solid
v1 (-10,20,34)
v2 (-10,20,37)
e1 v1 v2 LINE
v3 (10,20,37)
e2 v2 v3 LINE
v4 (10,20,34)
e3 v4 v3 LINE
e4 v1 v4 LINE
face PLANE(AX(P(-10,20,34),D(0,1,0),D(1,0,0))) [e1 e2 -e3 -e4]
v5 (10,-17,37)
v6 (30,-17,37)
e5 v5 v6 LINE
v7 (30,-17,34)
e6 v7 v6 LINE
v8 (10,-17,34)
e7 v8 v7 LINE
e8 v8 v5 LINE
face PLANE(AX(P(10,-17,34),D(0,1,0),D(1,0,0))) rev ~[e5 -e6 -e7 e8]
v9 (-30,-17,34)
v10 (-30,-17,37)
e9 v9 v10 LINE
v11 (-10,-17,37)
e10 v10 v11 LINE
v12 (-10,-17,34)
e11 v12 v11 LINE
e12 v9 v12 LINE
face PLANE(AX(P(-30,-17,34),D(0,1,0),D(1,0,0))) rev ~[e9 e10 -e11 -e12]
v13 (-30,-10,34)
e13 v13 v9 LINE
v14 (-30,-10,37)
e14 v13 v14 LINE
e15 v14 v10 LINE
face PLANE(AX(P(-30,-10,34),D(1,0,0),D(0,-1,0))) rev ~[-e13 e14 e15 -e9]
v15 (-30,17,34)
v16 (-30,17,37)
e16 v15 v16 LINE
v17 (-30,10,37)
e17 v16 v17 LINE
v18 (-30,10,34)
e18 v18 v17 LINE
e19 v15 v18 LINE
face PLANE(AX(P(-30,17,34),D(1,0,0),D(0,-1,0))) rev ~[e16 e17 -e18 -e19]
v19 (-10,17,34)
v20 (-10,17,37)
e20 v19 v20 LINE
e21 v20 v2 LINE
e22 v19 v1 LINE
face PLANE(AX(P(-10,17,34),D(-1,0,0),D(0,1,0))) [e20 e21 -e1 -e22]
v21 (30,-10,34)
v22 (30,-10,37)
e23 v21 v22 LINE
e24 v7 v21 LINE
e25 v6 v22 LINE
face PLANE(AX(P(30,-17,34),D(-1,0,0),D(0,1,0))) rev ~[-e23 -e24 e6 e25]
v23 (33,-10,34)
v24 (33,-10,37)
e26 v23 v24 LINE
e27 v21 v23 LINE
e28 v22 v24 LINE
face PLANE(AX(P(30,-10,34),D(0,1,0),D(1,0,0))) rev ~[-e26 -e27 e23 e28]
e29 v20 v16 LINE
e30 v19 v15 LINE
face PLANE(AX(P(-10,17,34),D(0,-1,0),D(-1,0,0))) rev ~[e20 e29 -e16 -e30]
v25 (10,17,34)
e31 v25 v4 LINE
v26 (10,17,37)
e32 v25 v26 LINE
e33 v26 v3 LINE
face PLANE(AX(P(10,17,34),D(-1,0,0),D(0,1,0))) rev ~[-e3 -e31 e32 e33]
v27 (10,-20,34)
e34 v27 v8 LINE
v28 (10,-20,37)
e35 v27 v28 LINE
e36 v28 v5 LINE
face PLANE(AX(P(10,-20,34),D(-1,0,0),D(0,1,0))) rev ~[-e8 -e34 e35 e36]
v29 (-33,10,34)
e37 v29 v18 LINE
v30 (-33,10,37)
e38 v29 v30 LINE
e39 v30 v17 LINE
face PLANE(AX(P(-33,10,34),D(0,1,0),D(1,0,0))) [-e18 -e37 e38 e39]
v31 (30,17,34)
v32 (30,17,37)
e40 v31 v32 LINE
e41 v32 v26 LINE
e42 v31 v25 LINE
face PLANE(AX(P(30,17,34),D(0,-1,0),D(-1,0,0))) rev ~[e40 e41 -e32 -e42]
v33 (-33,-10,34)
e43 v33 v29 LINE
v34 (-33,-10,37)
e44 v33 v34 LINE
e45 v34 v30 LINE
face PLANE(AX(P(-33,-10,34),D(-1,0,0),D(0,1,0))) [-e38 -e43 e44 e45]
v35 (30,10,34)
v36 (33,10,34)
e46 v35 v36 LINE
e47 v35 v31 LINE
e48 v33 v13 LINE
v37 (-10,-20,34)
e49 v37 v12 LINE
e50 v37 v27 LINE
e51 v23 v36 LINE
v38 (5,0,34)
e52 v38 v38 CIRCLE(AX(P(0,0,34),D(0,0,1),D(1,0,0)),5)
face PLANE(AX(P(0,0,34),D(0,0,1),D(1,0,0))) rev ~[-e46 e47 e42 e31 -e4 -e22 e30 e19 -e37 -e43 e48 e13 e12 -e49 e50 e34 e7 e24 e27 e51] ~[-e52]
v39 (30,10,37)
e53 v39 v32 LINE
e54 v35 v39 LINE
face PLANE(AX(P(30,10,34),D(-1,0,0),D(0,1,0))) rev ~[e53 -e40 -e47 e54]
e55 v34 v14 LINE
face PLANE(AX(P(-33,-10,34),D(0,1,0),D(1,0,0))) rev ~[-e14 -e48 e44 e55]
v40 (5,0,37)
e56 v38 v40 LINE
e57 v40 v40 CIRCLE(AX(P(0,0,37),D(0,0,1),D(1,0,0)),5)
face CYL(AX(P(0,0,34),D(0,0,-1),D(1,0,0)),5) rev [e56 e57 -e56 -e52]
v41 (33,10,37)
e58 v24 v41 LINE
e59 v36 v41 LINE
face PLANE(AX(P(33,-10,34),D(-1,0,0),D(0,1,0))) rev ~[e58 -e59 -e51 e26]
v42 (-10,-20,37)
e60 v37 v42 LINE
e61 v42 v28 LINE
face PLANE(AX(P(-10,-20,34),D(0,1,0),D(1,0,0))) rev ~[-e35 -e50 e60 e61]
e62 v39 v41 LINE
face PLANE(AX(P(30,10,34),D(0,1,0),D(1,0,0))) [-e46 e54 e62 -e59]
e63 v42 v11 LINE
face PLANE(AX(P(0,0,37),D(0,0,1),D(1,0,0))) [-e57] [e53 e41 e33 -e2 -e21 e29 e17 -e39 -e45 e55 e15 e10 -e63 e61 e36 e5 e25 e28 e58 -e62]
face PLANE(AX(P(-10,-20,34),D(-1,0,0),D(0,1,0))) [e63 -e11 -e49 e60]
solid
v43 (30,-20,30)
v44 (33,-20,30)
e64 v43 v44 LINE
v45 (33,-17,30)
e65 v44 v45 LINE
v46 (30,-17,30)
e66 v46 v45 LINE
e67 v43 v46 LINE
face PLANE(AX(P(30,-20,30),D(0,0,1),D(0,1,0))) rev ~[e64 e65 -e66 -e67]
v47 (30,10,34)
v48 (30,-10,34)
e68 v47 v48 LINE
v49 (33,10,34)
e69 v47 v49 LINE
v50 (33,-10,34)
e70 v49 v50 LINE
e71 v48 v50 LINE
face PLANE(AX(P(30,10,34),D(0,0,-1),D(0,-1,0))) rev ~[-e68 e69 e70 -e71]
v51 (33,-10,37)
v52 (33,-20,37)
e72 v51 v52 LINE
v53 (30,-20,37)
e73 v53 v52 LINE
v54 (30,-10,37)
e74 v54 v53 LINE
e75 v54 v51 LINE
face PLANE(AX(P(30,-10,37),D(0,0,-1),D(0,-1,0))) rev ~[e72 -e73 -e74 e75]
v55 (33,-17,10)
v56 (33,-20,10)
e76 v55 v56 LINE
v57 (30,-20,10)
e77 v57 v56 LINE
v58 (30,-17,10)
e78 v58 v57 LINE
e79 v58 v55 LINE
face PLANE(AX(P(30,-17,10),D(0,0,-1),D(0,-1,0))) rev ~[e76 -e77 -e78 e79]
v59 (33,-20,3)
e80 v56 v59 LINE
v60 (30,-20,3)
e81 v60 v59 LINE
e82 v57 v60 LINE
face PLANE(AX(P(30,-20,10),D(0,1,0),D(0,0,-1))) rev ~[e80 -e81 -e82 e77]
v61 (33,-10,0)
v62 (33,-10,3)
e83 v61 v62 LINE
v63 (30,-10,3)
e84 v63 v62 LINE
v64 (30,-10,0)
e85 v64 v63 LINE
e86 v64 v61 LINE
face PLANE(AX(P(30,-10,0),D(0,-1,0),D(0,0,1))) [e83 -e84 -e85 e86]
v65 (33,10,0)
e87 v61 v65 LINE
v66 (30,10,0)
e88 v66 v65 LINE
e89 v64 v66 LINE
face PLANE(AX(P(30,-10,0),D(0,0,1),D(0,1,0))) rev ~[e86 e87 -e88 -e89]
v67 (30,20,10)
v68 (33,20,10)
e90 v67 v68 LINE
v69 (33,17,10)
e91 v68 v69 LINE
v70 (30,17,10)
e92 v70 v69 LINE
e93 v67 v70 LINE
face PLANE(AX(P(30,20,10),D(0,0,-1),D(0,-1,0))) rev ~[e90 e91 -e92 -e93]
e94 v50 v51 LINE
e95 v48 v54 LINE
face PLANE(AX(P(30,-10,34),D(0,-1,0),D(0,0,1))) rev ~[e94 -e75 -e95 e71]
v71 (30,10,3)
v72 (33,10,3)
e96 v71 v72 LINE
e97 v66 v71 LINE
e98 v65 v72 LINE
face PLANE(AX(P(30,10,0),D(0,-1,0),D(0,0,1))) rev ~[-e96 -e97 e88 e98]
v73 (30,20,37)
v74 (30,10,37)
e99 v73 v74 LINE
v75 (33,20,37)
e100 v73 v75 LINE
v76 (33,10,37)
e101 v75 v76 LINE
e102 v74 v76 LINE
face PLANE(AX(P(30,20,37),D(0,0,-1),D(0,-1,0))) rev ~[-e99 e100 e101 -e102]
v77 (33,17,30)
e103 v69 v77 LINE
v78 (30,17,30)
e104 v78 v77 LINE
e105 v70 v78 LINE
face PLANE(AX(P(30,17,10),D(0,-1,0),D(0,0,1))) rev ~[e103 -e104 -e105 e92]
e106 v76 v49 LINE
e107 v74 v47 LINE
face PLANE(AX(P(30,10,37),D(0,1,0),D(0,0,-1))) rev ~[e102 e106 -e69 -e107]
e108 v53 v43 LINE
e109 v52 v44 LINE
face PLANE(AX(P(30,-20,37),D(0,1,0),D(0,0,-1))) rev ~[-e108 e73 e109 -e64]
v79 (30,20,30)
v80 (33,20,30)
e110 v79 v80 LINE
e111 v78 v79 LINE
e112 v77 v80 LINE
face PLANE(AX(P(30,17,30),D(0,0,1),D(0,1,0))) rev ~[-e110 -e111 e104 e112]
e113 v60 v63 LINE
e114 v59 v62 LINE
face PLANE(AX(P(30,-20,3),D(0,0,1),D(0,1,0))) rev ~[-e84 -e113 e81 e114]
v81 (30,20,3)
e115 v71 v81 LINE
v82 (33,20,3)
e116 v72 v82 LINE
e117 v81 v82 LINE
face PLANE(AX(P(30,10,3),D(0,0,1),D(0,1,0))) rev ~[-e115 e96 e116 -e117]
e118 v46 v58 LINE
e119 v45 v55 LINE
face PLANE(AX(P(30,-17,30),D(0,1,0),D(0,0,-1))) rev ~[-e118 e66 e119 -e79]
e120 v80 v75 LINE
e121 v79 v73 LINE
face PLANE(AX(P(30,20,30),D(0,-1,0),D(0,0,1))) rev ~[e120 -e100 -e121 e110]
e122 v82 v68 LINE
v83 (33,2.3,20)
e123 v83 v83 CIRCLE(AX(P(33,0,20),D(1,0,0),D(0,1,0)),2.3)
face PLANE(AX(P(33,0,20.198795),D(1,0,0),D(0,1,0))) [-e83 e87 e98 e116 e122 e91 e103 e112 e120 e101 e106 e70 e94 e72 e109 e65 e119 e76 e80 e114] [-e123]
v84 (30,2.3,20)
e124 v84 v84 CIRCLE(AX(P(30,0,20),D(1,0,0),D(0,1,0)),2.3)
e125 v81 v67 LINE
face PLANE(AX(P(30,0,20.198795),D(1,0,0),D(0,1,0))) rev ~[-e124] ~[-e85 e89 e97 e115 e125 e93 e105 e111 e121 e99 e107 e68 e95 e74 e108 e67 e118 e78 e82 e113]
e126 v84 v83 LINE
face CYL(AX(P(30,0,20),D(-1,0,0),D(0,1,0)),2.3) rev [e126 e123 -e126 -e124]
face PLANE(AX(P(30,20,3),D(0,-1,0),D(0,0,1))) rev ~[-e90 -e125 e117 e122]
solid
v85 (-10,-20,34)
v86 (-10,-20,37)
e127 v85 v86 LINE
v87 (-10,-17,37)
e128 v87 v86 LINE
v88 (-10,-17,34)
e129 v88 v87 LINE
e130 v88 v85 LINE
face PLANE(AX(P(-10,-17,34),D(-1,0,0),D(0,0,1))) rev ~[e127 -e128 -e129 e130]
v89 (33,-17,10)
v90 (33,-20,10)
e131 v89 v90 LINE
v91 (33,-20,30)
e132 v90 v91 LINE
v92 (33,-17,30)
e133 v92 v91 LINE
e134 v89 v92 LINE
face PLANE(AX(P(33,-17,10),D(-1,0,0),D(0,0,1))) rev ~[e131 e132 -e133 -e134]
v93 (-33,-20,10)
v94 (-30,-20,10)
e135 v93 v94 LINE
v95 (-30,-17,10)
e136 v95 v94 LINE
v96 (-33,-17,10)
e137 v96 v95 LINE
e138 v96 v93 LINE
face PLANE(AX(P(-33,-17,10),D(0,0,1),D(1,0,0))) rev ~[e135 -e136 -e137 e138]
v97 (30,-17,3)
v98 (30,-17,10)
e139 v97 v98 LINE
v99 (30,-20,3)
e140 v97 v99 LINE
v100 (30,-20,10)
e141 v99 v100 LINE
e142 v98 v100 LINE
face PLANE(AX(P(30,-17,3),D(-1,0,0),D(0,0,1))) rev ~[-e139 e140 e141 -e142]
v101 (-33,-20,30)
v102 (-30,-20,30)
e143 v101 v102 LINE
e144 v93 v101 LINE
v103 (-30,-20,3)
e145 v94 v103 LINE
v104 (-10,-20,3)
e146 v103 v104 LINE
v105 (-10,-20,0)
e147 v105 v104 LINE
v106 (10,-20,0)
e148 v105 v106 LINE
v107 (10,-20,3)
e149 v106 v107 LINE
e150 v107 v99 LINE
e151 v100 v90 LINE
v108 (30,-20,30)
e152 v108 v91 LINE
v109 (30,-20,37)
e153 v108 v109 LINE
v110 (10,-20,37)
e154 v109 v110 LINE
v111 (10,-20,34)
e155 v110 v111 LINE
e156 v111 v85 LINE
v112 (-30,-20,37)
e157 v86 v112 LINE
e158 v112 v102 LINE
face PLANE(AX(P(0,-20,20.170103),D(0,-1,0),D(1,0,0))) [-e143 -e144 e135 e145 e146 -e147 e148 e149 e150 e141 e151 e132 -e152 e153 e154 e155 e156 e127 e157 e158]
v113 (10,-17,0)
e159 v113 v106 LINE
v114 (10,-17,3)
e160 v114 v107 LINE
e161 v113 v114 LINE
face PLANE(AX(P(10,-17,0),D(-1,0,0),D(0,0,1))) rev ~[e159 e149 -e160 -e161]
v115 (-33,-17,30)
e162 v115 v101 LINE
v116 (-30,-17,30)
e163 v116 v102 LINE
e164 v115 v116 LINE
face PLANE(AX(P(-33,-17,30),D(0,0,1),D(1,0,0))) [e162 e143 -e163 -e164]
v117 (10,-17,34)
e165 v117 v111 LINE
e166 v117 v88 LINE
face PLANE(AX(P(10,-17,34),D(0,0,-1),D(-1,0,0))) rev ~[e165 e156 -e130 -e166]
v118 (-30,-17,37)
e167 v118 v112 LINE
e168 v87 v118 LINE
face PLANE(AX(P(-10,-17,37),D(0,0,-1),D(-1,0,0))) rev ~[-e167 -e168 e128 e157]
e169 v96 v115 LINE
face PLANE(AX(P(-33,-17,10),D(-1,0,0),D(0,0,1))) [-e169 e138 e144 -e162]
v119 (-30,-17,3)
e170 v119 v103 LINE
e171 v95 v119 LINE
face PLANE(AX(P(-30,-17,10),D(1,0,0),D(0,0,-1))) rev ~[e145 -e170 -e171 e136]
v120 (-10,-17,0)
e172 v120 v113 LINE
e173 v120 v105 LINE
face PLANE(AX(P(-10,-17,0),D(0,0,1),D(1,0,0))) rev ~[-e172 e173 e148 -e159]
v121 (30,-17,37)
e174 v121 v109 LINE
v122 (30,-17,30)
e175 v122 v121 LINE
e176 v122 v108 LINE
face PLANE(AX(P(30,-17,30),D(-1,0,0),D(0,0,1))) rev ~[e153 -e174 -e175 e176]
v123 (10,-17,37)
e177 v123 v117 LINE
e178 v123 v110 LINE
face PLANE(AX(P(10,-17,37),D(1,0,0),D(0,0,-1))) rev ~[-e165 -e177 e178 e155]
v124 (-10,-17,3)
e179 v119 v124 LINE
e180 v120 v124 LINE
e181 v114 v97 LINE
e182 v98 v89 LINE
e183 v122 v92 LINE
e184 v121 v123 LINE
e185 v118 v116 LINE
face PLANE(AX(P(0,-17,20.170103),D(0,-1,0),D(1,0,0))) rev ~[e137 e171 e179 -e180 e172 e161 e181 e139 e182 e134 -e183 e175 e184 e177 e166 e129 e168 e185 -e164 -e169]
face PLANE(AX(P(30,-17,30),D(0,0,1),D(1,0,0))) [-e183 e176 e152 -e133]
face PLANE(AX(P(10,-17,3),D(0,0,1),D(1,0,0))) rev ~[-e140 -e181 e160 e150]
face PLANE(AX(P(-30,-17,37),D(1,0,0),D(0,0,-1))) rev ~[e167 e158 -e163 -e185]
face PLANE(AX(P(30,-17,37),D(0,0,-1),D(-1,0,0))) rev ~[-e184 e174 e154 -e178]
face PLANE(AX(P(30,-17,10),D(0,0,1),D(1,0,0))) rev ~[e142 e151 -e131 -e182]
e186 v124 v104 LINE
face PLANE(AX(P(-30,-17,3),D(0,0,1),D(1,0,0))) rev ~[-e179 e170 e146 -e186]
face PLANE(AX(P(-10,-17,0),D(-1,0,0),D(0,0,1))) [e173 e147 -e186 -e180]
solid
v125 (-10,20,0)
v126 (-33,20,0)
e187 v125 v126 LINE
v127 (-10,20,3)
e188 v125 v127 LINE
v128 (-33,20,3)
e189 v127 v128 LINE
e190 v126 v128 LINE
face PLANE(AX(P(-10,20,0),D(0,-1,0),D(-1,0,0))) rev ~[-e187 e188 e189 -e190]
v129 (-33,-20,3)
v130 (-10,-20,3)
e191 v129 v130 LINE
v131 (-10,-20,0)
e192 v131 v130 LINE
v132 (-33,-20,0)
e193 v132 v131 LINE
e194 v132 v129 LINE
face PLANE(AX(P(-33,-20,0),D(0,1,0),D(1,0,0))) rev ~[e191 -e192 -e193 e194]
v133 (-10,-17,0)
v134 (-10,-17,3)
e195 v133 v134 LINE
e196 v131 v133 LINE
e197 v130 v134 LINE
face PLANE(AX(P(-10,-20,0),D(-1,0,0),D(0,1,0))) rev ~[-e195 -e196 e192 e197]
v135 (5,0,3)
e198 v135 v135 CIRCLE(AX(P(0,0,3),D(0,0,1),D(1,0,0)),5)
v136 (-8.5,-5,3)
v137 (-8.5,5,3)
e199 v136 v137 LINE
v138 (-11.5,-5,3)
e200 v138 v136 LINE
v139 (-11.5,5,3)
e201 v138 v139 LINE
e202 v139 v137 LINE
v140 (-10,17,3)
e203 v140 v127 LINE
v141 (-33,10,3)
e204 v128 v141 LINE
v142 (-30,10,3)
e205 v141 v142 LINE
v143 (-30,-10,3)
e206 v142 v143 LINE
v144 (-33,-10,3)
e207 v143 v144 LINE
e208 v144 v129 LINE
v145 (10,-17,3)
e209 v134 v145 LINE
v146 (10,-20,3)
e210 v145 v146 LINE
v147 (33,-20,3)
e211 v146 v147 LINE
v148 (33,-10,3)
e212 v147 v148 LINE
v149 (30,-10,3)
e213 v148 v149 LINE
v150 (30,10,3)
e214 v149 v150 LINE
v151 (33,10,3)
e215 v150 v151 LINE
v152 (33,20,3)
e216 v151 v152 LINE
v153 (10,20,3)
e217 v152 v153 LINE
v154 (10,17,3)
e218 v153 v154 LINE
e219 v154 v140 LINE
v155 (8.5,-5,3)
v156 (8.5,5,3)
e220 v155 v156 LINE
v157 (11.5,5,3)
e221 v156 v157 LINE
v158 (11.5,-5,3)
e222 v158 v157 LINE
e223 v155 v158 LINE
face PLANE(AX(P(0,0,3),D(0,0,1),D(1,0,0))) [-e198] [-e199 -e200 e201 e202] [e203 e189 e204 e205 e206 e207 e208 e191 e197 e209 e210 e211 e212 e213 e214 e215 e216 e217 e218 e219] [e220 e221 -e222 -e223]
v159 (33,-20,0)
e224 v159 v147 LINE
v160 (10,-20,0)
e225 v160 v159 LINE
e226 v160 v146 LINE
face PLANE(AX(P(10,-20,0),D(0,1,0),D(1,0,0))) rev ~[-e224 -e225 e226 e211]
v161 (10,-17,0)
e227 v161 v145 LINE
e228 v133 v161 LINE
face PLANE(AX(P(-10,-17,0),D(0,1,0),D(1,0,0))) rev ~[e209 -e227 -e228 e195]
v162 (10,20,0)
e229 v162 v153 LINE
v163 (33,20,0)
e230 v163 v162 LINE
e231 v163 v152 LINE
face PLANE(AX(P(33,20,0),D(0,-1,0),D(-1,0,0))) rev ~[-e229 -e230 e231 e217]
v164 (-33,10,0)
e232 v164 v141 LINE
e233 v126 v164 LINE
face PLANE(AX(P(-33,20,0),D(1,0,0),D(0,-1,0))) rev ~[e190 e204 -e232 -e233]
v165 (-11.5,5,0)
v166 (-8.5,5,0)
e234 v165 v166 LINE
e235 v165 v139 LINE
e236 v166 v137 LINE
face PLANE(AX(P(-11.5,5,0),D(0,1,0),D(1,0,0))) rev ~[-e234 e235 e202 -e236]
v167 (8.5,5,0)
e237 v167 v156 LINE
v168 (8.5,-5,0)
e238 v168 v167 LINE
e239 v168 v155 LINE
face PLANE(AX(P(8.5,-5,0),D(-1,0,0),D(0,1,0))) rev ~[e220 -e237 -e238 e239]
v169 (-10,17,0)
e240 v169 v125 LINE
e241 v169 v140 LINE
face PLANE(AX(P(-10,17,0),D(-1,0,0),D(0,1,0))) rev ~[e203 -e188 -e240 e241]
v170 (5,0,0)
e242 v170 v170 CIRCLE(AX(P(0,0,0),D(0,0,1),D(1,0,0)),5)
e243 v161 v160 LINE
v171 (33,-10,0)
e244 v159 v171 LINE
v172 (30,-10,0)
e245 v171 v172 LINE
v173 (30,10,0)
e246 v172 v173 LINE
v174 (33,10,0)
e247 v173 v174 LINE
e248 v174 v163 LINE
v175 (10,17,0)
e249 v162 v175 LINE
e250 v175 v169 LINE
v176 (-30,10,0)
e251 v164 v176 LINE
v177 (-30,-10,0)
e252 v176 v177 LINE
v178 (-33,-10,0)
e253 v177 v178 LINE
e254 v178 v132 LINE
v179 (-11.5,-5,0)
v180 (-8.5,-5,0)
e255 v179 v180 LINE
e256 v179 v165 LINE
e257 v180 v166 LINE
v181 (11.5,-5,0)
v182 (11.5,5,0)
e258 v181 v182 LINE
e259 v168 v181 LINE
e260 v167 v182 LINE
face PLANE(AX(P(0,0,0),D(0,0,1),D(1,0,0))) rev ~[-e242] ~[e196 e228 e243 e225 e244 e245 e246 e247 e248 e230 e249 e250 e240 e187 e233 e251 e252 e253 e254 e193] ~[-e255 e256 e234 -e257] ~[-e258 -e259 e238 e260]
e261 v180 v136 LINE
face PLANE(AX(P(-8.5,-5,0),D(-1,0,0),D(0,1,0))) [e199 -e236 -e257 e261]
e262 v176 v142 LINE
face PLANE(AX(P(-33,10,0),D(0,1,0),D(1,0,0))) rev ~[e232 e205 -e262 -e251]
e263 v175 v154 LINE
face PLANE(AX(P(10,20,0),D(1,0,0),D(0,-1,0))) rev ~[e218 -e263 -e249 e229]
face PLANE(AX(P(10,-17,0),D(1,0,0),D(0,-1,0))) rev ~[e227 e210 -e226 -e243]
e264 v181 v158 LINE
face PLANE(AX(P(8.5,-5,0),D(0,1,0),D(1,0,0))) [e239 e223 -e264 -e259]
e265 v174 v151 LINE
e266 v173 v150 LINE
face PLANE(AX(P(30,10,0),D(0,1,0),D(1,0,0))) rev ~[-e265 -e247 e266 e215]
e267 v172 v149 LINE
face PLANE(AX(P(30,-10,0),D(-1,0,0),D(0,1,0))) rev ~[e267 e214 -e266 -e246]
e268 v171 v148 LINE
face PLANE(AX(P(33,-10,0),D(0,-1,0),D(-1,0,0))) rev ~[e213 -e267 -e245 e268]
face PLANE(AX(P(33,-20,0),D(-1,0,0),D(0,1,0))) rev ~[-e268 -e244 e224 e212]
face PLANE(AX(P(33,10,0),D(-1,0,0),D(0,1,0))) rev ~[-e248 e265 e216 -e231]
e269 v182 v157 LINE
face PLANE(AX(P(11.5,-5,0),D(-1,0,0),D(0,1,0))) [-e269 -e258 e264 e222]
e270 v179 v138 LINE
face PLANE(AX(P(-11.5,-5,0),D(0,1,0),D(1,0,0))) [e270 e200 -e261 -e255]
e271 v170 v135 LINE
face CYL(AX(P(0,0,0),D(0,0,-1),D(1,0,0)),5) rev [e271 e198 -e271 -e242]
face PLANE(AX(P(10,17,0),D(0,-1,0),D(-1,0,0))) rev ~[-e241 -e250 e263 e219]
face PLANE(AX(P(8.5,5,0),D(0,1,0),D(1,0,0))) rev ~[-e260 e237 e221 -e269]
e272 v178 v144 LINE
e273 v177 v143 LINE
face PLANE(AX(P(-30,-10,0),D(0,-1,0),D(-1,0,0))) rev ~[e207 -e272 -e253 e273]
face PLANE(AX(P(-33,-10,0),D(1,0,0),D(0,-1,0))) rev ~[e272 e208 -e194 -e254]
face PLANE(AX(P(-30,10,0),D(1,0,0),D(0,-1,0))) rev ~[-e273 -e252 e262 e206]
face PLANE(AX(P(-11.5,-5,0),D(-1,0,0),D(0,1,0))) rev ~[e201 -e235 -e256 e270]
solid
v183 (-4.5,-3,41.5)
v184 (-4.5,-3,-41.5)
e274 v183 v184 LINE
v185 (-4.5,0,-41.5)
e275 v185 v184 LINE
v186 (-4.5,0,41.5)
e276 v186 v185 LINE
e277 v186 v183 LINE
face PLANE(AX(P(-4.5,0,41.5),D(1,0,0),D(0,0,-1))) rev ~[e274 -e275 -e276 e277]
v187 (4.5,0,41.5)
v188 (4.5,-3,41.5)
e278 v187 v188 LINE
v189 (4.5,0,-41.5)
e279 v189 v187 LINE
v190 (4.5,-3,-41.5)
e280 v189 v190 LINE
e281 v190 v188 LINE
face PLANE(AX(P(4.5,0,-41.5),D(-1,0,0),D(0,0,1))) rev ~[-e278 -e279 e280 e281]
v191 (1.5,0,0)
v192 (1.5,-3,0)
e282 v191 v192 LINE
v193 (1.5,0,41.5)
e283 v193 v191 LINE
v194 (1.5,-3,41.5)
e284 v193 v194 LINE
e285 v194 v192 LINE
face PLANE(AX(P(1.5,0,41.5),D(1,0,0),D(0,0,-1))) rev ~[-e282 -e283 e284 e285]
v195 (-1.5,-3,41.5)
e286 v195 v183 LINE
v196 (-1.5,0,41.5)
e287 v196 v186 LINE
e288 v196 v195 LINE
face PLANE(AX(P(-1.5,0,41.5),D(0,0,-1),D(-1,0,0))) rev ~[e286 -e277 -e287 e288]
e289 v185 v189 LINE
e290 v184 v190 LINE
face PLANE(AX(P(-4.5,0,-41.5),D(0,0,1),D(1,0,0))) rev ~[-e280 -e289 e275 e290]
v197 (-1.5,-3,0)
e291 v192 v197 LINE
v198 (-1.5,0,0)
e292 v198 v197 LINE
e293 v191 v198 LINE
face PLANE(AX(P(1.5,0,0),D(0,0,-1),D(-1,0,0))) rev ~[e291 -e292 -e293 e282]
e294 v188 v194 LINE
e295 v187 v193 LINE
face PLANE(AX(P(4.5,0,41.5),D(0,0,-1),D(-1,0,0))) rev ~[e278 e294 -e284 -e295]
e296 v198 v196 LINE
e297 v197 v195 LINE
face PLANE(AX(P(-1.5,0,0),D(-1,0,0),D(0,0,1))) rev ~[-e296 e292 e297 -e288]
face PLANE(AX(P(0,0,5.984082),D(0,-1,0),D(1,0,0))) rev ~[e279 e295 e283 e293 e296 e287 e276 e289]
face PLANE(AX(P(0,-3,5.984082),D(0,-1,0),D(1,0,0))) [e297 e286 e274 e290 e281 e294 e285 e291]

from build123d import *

# Parameters (mm, degrees)
F0_W     = 3
F0_H     = 10
F0_R     = 5
F1_DEPTH = 3
F2_R     = 2.3
F2_W     = 20
F2_H     = 3
F3_DEPTH = 3
F5_DEPTH = 3
F6_R     = 5
F6_W     = 20
F6_H     = 3
F6_W_2   = 3
F6_H_2   = 20
F7_DEPTH = 3
F8_W     = 3
F8_H     = 20
F8_W_2   = 20
F8_H_2   = 3
F9_DEPTH = 3


with BuildPart() as f1:
    # F0 (on Top) → F1 (new body)
    with BuildSketch(Plane.XY):
        Polygon((33, 10), (33, 20), (10, 20), (10, 17), (-10, 17), (-10, 20), (-33, 20), (-33, 10), (-30, 10), (-30, -10), (-33, -10), (-33, -20), (-10, -20), (-10, -17), (10, -17), (10, -20), (33, -20), (33, -10), (30, -10), (30, 10), align=None)
        with Locations((-10, 0)):
            Rectangle(F0_W, F0_H, mode=Mode.SUBTRACT)
        Circle(F0_R, mode=Mode.SUBTRACT)
        with Locations((10, 0)):
            Rectangle(F0_W, F0_H, mode=Mode.SUBTRACT)
    extrude(amount=F1_DEPTH)


with BuildPart() as f3:
    # F2 (on face) → F3 (new body)
    with BuildSketch(Plane.YZ.offset(30)):
        Polygon((-20, 10), (-20, 3), (-10, 3), (10, 3), (20, 3), (20, 10), (17, 10), (17, 30), (20, 30), (20, 37), (10, 37), (10, 34), (-10, 34), (-10, 37), (-20, 37), (-20, 30), (-17, 30), (-17, 10), align=None)
        with Locations((0, 20)):
            Circle(F2_R, mode=Mode.SUBTRACT)
        with Locations((0, 1.5)):
            Rectangle(F2_W, F2_H)
    extrude(amount=F3_DEPTH)


with BuildPart() as f5:
    # F4 (on Front) → F5 (new body)
    with BuildSketch(Plane.XZ):
        Polygon((4.5, -41.5), (4.5, 41.5), (1.5, 41.5), (1.5, 0), (-1.5, 0), (-1.5, 41.5), (-4.5, 41.5), (-4.5, -41.5), align=None)
    extrude(amount=F5_DEPTH)


with BuildPart() as f7:
    # F6 (on face) → F7 (new body)
    with BuildSketch(Plane.XY.offset(34)):
        Polygon((-30, -10), (-30, -17), (-10, -17), (10, -17), (30, -17), (30, -10), (30, 10), (30, 17), (10, 17), (-10, 17), (-30, 17), (-30, 10), align=None)
        Circle(F6_R, mode=Mode.SUBTRACT)
        with Locations((0, -18.5)):
            Rectangle(F6_W, F6_H)
        with Locations((-31.5, 0)):
            Rectangle(F6_W_2, F6_H_2)
        with Locations((31.5, 0)):
            Rectangle(F6_W_2, F6_H_2)
        with Locations((0, 18.5)):
            Rectangle(F6_W, F6_H)
    extrude(amount=F7_DEPTH)


with BuildPart() as f9:
    # F8 (on face) → F9 (new body)
    with BuildSketch(Plane.XZ.offset(17)):
        Polygon((-30, 10), (-30, 3), (-10, 3), (10, 3), (30, 3), (30, 10), (30, 30), (30, 37), (10, 37), (10, 34), (-10, 34), (-10, 37), (-30, 37), (-30, 30), align=None)
        with Locations((-31.5, 20)):
            Rectangle(F8_W, F8_H)
        with Locations((0, 1.5)):
            Rectangle(F8_W_2, F8_H_2)
        with Locations((31.5, 20)):
            Rectangle(F8_W, F8_H)
    extrude(amount=F9_DEPTH)


solid = Compound([f1.part, f3.part, f5.part, f7.part, f9.part])
